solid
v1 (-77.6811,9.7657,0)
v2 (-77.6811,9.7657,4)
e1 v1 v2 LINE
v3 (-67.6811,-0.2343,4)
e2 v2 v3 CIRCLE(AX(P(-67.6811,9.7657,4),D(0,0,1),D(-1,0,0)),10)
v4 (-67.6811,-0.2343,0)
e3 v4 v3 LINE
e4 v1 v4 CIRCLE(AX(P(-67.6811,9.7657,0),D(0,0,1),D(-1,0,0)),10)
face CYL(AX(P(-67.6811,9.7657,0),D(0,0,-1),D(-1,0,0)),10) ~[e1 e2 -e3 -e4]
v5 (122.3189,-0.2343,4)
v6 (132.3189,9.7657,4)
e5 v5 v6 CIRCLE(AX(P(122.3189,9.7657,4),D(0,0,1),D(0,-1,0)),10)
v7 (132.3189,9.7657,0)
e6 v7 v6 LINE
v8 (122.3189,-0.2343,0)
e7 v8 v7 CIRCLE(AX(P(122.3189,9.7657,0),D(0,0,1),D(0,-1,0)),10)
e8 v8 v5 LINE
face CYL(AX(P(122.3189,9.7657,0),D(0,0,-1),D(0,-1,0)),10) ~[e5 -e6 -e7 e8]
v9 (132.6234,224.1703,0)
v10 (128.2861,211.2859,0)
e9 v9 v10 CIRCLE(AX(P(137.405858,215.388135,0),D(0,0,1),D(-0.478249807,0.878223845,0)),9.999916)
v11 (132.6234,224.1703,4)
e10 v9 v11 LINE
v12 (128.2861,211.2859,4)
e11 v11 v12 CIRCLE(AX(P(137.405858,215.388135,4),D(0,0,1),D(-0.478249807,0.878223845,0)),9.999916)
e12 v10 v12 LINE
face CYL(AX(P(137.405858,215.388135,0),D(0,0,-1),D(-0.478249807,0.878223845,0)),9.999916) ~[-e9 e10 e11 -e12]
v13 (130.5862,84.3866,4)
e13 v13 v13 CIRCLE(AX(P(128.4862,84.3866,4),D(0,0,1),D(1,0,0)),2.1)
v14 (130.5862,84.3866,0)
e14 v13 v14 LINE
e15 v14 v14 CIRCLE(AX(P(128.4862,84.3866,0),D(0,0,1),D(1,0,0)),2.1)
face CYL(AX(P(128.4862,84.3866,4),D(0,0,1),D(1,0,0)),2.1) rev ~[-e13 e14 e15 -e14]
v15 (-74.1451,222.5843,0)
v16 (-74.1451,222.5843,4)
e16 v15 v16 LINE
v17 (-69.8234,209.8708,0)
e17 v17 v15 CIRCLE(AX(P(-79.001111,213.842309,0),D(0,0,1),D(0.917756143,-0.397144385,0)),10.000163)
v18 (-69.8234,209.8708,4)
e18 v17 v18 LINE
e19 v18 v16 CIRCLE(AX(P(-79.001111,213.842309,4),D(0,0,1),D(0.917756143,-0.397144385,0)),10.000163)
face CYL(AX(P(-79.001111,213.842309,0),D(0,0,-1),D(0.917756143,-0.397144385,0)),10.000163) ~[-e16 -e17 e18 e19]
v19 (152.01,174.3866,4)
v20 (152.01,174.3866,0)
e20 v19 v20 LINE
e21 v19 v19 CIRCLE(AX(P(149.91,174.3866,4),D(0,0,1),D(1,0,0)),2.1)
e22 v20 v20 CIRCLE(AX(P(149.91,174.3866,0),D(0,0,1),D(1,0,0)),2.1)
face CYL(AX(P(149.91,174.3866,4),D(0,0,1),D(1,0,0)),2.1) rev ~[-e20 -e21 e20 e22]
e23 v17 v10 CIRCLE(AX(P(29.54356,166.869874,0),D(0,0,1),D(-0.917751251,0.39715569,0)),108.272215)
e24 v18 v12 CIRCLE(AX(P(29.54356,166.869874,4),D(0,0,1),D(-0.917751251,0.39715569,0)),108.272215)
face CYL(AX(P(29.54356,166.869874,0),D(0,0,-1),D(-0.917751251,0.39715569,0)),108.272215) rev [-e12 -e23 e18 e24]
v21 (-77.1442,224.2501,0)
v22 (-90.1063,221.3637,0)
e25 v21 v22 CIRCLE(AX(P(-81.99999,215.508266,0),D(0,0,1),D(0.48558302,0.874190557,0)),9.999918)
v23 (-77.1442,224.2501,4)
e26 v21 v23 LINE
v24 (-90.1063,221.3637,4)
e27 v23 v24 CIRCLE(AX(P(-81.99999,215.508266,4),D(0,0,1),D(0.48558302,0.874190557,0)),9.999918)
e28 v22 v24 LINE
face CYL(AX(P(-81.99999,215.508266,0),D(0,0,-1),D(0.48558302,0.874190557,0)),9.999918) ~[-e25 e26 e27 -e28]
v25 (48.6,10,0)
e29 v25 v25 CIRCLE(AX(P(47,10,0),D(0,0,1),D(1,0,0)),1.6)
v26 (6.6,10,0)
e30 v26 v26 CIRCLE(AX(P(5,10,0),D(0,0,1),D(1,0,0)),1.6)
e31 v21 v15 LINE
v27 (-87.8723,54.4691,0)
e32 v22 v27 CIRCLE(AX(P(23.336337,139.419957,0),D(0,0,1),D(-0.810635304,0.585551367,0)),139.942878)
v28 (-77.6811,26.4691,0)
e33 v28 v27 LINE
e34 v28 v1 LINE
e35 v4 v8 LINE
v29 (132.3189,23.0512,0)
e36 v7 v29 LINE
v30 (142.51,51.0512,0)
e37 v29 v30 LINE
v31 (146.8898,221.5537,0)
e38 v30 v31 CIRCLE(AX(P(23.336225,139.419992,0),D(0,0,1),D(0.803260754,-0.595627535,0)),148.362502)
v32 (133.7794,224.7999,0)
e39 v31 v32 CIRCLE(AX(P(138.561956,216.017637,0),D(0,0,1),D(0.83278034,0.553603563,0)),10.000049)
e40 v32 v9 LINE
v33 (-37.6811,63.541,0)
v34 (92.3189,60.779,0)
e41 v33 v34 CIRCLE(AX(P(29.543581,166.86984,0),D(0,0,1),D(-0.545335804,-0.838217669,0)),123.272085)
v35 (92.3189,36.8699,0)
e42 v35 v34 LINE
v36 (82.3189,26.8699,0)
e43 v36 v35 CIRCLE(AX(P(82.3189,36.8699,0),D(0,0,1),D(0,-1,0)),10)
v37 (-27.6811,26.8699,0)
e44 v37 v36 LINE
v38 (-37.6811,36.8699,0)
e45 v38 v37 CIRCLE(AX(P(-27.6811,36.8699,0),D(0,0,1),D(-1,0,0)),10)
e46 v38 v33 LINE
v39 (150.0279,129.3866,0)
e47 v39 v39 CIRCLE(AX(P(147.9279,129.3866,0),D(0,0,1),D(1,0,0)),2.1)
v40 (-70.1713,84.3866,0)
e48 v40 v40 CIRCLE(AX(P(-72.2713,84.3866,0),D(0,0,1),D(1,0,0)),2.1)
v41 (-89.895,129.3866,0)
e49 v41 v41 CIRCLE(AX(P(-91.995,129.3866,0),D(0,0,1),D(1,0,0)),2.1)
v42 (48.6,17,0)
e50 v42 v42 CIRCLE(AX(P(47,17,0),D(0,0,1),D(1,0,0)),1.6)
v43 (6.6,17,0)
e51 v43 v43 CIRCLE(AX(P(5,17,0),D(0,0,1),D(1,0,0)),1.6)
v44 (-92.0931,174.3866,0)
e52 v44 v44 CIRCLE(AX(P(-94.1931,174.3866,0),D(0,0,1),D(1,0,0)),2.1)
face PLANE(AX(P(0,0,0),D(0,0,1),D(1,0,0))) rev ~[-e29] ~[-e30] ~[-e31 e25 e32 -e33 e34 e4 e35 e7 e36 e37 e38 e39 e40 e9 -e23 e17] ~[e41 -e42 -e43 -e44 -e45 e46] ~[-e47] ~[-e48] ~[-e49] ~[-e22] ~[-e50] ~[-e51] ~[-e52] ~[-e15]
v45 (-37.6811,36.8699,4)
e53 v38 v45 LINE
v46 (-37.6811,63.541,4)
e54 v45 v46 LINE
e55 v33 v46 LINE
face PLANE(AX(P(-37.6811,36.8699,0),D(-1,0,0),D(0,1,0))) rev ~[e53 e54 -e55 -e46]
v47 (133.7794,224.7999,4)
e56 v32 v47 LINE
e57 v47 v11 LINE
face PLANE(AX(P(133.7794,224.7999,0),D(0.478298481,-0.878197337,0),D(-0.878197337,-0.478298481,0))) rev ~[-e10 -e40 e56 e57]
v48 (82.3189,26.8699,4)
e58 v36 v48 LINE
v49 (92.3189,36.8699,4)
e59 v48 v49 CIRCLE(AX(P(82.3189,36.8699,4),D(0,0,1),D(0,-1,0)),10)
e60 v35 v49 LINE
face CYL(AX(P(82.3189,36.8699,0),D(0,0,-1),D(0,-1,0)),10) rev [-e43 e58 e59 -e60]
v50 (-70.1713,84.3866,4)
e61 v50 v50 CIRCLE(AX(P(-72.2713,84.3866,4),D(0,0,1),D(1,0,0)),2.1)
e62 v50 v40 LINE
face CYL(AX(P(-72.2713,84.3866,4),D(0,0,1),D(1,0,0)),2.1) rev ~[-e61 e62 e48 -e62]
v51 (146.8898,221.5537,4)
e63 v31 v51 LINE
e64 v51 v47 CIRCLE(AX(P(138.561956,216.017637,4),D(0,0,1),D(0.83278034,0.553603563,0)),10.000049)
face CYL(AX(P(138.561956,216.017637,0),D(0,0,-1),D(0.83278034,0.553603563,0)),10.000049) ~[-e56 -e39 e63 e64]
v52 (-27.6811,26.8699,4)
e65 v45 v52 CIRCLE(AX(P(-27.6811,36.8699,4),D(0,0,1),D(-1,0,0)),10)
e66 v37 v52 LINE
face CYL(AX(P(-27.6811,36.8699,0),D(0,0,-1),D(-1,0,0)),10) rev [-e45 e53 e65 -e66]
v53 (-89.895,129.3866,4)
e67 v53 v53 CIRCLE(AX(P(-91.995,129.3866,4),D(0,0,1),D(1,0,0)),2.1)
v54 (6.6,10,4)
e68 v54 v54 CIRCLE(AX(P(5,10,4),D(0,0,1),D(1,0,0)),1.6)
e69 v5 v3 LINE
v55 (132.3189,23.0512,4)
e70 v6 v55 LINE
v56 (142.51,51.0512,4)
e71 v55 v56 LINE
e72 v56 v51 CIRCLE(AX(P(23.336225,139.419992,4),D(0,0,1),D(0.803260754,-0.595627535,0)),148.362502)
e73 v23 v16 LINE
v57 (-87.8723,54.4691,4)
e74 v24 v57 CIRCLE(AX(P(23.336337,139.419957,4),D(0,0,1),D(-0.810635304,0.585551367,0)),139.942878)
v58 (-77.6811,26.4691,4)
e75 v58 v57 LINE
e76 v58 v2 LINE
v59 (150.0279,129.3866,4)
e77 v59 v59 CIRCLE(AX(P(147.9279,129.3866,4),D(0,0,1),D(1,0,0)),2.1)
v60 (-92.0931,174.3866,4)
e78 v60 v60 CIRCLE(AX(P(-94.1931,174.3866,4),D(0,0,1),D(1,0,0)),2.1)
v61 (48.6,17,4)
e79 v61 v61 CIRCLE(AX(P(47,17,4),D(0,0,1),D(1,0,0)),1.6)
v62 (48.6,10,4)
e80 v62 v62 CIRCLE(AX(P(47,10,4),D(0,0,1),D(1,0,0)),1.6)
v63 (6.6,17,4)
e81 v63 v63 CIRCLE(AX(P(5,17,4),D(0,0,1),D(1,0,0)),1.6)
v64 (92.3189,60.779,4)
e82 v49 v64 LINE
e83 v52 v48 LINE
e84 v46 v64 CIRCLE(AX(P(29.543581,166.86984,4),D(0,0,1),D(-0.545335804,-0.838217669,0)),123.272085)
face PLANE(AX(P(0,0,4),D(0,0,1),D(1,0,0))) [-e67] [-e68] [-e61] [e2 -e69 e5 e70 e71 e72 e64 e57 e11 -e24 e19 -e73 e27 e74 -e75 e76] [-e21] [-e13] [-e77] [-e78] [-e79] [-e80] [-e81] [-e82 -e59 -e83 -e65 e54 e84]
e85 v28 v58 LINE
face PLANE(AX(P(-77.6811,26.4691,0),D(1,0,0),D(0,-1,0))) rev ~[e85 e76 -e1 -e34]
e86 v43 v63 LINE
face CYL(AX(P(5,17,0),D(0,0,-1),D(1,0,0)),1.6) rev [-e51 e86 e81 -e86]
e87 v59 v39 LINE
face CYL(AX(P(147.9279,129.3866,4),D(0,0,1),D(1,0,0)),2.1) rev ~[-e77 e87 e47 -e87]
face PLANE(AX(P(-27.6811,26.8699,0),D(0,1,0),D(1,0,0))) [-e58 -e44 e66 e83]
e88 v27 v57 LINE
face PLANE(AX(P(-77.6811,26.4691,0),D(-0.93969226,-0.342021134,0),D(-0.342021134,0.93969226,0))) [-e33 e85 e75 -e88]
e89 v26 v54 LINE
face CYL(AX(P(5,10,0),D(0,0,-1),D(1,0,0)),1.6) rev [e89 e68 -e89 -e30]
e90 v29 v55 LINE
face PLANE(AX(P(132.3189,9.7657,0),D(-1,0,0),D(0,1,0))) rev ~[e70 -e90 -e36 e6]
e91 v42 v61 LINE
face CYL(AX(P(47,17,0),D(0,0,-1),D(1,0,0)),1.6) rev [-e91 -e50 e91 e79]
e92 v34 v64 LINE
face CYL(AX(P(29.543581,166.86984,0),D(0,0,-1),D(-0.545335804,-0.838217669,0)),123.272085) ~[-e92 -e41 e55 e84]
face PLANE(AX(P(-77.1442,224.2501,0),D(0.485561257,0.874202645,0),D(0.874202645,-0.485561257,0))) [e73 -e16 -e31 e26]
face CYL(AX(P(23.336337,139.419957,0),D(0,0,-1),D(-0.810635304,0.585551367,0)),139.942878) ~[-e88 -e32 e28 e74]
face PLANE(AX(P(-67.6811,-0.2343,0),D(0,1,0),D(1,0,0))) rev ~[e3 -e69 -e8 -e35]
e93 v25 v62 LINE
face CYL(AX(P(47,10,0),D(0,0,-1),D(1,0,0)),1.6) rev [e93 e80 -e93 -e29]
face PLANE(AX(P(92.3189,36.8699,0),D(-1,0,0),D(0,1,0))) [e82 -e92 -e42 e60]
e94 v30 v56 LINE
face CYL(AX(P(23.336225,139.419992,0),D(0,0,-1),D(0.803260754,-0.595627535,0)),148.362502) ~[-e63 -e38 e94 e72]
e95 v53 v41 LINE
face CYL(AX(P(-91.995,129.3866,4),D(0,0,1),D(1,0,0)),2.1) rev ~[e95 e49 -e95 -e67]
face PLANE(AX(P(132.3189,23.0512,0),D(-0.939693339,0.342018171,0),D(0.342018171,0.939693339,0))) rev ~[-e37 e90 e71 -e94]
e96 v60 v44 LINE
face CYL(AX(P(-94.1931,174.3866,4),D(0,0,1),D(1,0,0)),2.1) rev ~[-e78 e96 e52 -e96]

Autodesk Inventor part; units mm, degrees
ref_plane "YZ Plane" through (0, 0, 0) normal (1, 0, 0) x (0, 1, 0)
ref_plane "XZ Plane" through (0, 0, 0) normal (0, 1, 0) x (-1, 0, 0)
ref_plane "XY Plane" through (0, 0, 0) normal (0, 0, 1) x (1, 0, 0)
sketch "Эскиз1" plane through (0, 0, 0) normal (0, 0, 1) x (1, 0, 0)
  line L0 (12, 4) -> (40, 4) construction
  line L1 (0, 0) -> (52, 0) construction
  line L2 (-67.6811, -0.2343) -> (32.3189, -0.2343)
  line L3 (132.3189, 9.7657) -> (132.3189, 23.0512)
  line L4 (-77.6811, 26.4691) -> (-77.6811, 9.7657)
  line L5 (-77.6811, 26.4691) -> (-87.8723, 54.4691)
  line L6 (132.3189, 23.0512) -> (142.51, 51.0512)
  arc A0 (142.51, 51.0512) -> (146.8898, 221.5537) centre (23.3362, 139.42) ccw
  arc A1 (-90.1063, 221.3637) -> (-87.8723, 54.4691) centre (23.3362, 139.42) ccw
  arc A2 (-69.8234, 209.8708) -> (128.2861, 211.2859) centre (29.5436, 166.8699) ccw
  line L7 (-77.1442, 224.2501) -> (-74.1451, 222.5843)
  line L8 (133.7794, 224.7999) -> (132.6234, 224.1703)
  line L9 (-27.6811, 26.8699) -> (82.3189, 26.8699)
  line L10 (32.3189, -0.2343) -> (122.3189, -0.2343)
  line L11 (-37.6811, 36.8699) -> (-37.6811, 63.541)
  line L12 (92.3189, 36.8699) -> (92.3189, 60.779)
  arc A3 (-37.6811, 63.541) -> (92.3189, 60.779) centre (29.5436, 166.8699) ccw
  arc A4 (-37.6811, 36.8699) -> (-27.6811, 26.8699) centre (-27.6811, 36.8699) ccw
  arc A5 (82.3189, 26.8699) -> (92.3189, 36.8699) centre (82.3189, 36.8699) ccw
  arc A6 (-69.8234, 209.8708) -> (-74.1451, 222.5843) centre (-79.0009, 213.8423) ccw
  arc A7 (-77.1442, 224.2501) -> (-90.1063, 221.3637) centre (-82, 215.5082) ccw
  arc A8 (132.6234, 224.1703) -> (128.2861, 211.2859) centre (137.4059, 215.3881) ccw
  arc A9 (146.8898, 221.5537) -> (133.7794, 224.7999) centre (138.562, 216.0177) ccw
  circle A10 centre (5, 17) radius 1.6 projected
  circle A11 centre (5, 10) radius 1.6 projected
  circle A12 centre (47, 10) radius 1.6 projected
  circle A13 centre (47, 17) radius 1.6 projected
  arc A14 (-77.6811, 9.7657) -> (-67.6811, -0.2343) centre (-67.6811, 9.7657) ccw
  arc A15 (122.3189, -0.2343) -> (132.3189, 9.7657) centre (122.3189, 9.7657) ccw
  point P0 (-77.6811, -0.2343)
  point P1 (132.3189, -0.2343)
  point P2 (141.7652, 229.1487)
  point P3 (-65.8946, 218.0014)
  point P4 (26, 0)
  point P5 (77.3189, -0.2343)
  point P6 (-77.6811, 18.1174)
  point P7 (-37.6811, 50.2054)
  point P8 (132.3189, 16.4085)
  point P9 (92.3189, 48.8244)
  dimension "d21" = 167.1042
  dimension "d22" = 10
  dimension "d23" = 10
  dimension "d28" = 100
  dimension "d29" = 15
  dimension "d32" = 140
  dimension "d33" = 10
  dimension "d43" = 100
  dimension "d44" = 40
  dimension "d45" = 40
  dimension "d46" = 28
  dimension "d47" = 28
  dimension "d48" = 20
  dimension "d49" = 20
extrude "Выдавливание1" add sketch "Эскиз1" along normal blind 4
sketch "Эскиз2" plane through (0, 0, 4) normal (0, 0, 1) x (1, 0, 0)
  arc A0 (-77.1442, 224.2501) -> (-90.1063, 221.3637) centre (-82, 215.5082) ccw construction
  line L0 (-37.6811, 36.8699) -> (-37.6811, 63.541) construction
  arc A1 (-77.1442, 224.2501) -> (-37.6811, 50.2054) centre (34.7868, 158.1332) ccw construction
  circle A2 centre (-91.995, 129.3866) radius 2.1
  circle A3 centre (-72.2713, 84.3866) radius 2.1
  circle A4 centre (-94.1931, 174.3866) radius 2.1
  line L1 (-67.6811, -0.2343) -> (122.3189, -0.2343) construction
  circle A5 centre (5, 10) radius 1.6 construction
  circle A6 centre (47, 10) radius 1.6 construction
  line L2 (5, 10) -> (47, 10) construction
  line L3 (26, 10) -> (26, 211.5399) construction
  line L4 (92.3189, 60.779) -> (92.3189, 36.8699) projected
  arc A7 (132.6234, 224.1703) -> (128.2861, 211.2859) centre (137.4059, 215.3881) ccw projected
  arc A8 (92.3189, 48.8244) -> (132.6234, 224.1703) centre (21.0087, 157.5206) ccw construction
  line L5 (-72.2713, 84.3866) -> (128.4862, 84.3866) construction
  circle A9 centre (128.4862, 84.3866) radius 2.1
  line L6 (-91.995, 129.3866) -> (161.5686, 129.3866) construction
  circle A10 centre (147.9279, 129.3866) radius 2.1
  line L7 (-94.1931, 174.3866) -> (161.5686, 174.3866) construction
  circle A11 centre (149.91, 174.3866) radius 2.1
  point P0 (0, 0)
  dimension "d35" = 4.2
  dimension "d36" = 4.2
  dimension "d37" = 45
  dimension "d38" = 4.2
  dimension "d39" = 45
  dimension "d50" = 130
  dimension "d51" = 130
  dimension "d52" = 4.2
  dimension "d53" = 4.2
  dimension "d54" = 4.2
extrude "Выдавливание2" cut sketch "Эскиз2" against normal blind 4
properties part number "фанера_ухо"
